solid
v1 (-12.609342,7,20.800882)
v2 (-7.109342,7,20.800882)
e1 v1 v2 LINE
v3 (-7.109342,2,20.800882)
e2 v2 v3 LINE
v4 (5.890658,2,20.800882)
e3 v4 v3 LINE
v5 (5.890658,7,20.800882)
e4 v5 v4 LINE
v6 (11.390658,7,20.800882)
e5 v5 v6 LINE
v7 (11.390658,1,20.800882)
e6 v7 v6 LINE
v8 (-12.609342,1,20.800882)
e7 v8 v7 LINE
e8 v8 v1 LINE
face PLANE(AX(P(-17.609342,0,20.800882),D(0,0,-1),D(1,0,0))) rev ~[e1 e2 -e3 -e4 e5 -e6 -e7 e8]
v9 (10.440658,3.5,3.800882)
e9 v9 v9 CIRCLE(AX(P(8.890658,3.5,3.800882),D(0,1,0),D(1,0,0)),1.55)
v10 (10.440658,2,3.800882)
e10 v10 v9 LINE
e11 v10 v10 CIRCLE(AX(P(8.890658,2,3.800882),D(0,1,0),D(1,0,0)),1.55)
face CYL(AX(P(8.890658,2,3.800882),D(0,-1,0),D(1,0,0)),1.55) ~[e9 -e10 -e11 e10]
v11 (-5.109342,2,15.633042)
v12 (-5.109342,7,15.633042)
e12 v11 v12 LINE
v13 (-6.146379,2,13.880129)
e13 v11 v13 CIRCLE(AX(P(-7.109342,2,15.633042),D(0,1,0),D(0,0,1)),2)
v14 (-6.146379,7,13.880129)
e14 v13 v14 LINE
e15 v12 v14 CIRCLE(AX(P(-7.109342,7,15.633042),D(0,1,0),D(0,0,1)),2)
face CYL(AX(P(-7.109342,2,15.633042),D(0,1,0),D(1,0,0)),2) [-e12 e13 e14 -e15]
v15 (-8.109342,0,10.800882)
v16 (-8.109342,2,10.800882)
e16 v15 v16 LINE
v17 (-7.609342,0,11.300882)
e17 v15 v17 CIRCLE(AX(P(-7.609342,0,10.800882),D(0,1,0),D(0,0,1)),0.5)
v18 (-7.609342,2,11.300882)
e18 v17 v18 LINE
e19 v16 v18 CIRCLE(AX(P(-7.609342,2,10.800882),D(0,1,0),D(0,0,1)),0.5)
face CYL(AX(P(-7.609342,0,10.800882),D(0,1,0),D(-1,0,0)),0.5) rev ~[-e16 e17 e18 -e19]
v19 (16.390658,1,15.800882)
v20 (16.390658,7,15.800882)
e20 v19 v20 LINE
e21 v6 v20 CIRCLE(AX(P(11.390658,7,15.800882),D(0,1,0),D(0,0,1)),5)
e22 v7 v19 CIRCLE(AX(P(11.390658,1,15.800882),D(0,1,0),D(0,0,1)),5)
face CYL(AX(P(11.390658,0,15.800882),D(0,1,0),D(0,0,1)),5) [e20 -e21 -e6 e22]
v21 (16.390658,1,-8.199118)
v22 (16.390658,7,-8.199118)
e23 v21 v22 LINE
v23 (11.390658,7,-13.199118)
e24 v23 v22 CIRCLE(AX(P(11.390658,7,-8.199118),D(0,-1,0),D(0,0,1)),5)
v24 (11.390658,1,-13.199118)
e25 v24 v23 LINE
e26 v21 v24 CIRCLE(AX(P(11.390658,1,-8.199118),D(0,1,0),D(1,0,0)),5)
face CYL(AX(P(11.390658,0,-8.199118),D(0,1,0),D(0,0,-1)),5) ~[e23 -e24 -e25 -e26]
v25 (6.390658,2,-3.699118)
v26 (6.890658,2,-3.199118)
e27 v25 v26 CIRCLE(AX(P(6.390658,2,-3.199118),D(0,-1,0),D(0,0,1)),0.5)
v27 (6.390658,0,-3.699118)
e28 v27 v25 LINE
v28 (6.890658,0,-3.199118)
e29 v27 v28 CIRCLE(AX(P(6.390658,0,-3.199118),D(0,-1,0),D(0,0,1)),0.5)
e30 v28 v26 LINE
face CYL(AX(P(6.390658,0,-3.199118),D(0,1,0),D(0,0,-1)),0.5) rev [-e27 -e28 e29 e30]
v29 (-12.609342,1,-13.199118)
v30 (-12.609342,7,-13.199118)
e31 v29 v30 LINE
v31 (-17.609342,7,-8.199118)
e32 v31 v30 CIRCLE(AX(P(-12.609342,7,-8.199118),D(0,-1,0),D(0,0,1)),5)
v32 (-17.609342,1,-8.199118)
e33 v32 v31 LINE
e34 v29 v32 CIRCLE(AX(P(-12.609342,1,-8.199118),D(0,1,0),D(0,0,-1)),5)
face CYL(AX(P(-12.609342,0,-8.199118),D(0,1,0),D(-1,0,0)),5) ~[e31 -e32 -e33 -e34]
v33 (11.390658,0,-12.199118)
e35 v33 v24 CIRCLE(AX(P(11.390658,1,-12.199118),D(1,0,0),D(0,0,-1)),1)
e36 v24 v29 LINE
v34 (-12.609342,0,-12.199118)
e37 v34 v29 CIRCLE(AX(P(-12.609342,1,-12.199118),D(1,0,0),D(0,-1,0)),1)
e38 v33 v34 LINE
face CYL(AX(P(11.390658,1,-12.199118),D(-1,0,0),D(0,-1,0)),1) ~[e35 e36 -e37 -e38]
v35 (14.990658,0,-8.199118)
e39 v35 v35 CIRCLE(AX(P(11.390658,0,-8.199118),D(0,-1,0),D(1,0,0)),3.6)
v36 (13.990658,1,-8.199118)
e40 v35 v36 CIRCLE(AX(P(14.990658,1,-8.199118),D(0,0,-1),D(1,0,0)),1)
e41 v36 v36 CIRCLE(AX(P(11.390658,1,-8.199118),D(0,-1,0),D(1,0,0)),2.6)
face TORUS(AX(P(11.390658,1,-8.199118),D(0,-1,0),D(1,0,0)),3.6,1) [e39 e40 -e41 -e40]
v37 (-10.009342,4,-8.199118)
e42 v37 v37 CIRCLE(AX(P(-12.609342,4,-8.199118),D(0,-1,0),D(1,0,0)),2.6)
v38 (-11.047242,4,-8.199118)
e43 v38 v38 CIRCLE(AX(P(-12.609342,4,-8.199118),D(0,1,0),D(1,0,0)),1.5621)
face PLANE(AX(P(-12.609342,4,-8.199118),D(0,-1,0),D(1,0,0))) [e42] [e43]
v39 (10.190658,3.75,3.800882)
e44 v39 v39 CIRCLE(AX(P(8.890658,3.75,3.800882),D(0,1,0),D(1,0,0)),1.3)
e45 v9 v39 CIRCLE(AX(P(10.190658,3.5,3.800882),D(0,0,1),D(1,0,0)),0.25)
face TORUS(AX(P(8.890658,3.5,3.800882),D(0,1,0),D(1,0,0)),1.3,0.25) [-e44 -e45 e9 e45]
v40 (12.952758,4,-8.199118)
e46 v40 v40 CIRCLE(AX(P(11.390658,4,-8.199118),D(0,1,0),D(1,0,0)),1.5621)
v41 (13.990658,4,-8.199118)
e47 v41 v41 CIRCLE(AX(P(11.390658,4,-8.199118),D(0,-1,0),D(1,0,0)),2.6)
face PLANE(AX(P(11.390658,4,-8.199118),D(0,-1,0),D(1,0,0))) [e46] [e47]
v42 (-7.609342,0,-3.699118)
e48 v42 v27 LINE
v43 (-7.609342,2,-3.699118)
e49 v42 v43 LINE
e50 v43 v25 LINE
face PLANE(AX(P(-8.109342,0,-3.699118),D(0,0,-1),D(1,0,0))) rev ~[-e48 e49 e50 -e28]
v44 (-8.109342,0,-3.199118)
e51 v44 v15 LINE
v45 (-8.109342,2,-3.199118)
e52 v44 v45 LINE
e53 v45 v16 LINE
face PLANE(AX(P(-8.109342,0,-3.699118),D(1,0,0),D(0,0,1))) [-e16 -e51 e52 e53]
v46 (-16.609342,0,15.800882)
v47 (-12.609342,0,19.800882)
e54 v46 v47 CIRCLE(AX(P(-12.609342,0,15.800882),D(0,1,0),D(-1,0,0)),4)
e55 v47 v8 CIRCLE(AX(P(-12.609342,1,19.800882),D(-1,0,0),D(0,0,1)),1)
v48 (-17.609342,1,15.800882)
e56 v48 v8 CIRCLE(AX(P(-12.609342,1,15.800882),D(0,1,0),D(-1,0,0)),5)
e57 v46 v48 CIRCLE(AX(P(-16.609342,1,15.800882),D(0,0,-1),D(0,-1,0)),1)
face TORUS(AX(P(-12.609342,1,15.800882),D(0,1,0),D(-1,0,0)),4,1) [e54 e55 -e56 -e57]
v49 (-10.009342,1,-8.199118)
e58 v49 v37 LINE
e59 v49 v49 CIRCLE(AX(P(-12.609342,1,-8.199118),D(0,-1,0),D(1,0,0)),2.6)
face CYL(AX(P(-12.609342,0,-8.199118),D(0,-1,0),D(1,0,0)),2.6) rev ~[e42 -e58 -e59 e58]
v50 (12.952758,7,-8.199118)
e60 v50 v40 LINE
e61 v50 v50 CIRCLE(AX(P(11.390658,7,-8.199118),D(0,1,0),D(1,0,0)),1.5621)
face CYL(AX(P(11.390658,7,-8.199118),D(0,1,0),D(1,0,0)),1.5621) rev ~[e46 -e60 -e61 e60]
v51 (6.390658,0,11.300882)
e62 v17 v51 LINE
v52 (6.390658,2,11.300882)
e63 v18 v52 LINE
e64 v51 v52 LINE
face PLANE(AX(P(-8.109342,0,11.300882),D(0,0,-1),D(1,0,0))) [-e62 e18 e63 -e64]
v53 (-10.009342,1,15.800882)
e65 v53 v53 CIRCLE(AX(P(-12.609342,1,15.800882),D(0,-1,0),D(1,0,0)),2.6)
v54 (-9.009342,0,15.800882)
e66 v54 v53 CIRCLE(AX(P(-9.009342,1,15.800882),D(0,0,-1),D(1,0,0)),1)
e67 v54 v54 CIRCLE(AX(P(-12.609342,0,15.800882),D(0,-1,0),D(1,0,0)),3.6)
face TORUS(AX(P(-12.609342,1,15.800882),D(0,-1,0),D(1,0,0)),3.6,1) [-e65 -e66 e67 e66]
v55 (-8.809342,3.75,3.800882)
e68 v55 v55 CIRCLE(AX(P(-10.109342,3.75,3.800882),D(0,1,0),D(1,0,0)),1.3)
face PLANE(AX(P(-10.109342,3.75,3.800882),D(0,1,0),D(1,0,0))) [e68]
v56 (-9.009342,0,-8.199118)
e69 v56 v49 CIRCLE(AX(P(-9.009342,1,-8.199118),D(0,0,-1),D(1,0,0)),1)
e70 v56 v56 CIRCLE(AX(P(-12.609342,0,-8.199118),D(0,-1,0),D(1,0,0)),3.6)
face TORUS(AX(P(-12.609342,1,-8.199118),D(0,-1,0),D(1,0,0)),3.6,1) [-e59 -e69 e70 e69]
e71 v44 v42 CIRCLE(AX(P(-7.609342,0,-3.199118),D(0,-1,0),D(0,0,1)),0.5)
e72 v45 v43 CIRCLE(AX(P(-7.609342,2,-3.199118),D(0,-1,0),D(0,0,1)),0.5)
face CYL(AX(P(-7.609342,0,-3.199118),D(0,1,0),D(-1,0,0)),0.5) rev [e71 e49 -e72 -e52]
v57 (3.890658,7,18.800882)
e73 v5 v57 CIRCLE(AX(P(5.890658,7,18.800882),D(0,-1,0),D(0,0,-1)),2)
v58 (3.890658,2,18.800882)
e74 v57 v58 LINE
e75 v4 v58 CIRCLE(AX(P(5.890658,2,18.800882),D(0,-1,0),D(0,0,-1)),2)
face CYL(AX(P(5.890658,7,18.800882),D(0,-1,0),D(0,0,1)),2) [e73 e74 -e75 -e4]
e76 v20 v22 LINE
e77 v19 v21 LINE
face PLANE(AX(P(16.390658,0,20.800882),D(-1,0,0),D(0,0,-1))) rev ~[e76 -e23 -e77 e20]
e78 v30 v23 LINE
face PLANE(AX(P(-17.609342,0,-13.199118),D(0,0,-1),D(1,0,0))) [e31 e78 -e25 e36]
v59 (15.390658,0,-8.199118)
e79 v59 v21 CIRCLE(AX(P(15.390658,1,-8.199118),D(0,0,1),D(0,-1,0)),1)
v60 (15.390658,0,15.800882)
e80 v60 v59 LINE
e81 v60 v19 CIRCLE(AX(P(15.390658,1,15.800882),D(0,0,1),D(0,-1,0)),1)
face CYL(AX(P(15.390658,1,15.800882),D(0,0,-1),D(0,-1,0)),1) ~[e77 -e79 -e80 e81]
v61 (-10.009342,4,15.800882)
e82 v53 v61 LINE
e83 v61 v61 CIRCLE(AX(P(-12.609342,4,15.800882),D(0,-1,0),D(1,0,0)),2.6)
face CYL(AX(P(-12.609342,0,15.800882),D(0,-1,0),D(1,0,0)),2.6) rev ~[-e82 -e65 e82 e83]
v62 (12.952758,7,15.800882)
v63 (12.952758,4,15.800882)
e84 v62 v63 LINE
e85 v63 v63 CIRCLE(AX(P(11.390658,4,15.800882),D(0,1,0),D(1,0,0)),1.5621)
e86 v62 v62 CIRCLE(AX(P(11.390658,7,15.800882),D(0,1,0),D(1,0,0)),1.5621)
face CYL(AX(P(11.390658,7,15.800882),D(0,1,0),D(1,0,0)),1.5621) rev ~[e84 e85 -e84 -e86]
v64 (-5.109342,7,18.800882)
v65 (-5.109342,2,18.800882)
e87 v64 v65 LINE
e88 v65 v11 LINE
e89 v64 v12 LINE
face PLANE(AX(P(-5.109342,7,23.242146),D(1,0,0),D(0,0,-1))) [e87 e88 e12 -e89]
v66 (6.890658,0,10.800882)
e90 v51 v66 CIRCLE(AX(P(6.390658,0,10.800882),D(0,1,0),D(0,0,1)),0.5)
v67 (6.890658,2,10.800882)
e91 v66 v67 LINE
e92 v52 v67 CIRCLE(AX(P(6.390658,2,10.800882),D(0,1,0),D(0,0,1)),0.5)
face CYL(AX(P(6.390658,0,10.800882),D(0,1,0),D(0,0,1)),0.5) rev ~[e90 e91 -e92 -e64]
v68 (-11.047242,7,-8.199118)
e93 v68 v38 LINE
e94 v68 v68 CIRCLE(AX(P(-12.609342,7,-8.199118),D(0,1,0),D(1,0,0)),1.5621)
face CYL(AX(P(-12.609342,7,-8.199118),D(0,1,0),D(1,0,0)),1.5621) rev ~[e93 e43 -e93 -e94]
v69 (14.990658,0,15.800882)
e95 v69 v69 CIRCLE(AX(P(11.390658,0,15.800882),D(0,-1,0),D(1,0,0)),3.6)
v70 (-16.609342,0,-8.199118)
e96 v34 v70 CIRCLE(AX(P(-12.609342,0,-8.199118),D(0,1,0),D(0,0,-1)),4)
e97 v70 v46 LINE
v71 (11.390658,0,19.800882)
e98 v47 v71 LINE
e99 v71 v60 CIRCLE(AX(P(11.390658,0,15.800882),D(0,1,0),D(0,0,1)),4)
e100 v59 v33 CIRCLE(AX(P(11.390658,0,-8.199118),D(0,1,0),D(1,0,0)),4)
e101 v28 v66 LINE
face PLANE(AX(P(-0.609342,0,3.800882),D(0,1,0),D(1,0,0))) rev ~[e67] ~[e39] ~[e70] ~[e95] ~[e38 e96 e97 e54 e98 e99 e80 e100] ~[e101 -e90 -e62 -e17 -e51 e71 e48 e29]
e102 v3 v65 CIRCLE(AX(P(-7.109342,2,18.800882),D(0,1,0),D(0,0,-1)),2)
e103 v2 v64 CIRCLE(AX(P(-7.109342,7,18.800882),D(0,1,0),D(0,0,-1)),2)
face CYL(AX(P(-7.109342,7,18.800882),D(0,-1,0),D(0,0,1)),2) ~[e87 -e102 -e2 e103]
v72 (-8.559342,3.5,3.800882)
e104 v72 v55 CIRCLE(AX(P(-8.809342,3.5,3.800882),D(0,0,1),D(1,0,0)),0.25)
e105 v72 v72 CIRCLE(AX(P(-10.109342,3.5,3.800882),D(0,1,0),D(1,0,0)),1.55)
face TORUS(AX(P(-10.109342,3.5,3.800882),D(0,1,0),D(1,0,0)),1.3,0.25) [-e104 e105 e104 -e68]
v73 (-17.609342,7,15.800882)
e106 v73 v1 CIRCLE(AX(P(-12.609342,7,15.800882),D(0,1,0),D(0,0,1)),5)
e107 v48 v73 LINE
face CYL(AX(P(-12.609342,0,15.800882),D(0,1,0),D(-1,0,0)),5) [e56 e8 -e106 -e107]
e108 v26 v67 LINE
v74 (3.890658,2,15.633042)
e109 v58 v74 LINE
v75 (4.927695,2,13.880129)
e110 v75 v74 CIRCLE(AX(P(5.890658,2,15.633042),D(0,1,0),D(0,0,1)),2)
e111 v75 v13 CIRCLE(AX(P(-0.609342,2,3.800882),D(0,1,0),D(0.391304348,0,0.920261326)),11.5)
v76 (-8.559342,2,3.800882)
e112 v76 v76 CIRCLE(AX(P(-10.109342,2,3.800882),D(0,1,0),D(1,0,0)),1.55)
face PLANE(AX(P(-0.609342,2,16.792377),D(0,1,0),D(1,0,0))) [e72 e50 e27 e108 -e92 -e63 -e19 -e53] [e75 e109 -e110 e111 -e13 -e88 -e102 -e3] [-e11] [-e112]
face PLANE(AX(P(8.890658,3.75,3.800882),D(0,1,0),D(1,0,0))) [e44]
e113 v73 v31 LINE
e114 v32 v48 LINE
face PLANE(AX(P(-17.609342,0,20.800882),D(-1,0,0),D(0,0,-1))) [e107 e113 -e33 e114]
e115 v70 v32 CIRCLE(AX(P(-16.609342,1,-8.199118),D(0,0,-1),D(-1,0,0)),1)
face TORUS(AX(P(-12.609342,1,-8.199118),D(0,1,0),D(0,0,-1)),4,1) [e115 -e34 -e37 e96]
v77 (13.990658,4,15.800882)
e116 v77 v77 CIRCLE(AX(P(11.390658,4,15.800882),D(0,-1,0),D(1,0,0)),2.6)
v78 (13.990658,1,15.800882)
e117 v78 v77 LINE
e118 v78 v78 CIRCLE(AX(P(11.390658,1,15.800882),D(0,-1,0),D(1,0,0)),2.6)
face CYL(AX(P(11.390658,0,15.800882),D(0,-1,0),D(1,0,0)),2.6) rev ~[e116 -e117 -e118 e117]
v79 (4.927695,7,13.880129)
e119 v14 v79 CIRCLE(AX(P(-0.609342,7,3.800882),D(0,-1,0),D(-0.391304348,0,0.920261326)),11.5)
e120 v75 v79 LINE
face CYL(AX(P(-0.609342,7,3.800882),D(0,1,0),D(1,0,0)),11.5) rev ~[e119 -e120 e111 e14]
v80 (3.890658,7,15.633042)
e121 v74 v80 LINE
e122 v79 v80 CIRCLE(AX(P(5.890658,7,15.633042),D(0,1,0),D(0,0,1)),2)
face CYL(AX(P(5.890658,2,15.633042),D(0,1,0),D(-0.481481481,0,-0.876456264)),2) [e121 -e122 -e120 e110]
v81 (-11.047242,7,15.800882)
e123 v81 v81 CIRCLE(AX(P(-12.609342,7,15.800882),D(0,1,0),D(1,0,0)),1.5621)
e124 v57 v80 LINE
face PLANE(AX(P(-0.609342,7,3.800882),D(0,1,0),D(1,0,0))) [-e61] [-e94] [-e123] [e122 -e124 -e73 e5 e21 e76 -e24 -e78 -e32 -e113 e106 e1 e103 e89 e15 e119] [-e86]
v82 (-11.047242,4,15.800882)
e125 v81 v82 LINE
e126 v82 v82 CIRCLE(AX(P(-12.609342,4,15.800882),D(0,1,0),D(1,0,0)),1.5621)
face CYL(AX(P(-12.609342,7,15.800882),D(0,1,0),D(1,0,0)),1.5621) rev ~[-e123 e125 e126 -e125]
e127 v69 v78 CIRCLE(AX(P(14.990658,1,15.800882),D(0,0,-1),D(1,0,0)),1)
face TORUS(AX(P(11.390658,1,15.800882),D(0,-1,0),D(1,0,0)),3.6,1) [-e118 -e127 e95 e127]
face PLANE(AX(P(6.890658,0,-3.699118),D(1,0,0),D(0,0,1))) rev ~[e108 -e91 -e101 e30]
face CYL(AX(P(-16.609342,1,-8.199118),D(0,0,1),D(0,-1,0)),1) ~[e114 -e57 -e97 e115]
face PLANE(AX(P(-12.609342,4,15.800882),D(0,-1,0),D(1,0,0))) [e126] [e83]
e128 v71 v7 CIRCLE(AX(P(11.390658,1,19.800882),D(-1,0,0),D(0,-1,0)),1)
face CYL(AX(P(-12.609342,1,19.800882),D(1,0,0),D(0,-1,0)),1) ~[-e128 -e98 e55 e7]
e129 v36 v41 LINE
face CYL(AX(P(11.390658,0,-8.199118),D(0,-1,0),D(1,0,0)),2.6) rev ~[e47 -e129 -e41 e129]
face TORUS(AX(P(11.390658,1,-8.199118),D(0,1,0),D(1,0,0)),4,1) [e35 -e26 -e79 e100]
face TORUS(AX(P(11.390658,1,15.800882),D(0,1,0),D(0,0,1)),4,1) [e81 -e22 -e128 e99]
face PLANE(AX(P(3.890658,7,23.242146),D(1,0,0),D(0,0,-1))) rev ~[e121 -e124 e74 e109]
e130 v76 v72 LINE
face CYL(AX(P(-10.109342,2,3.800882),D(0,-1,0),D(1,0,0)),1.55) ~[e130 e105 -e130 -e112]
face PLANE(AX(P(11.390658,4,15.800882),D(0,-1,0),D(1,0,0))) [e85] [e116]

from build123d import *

# Parameters (mm, degrees)
SKETCH1_W           = 34
SKETCH1_H           = 34
BOSS_EXTRUDE1_DEPTH = 7
SKETCH2_R           = 11.5
CUT_EXTRUDE1_DEPTH  = 5
SKETCH3_R           = 1.5621
CUT_EXTRUDE2_DEPTH  = 8
SKETCH4_W           = 9
SKETCH4_H           = 12.899537492
CUT_EXTRUDE3_DEPTH  = 5
SKETCH5_R           = 2.6
CUT_EXTRUDE4_DEPTH  = 4
FILLET1_R           = 5
FILLET2_R           = 1
FILLET3_R           = 2
SKETCH6_W           = 15
SKETCH6_H           = 15
CUT_EXTRUDE5_DEPTH  = 2
SKETCH7_R           = 1.55
BOSS_EXTRUDE3_DEPTH = 1.75
FILLET5_R           = 0.25
FILLET6_R           = 0.5


with BuildPart() as part:
    # Sketch1 → Boss-Extrude1 (new body)
    with BuildSketch(Plane(origin=(0, 0, 0), x_dir=(1, 0, 0), z_dir=(0, 1, 0))):
        with Locations((-0.609342113, -3.800882142)):
            Rectangle(SKETCH1_W, SKETCH1_H)
    extrude(amount=BOSS_EXTRUDE1_DEPTH)

    # Sketch2 → Cut-Extrude1 (cut)
    with BuildSketch(Plane(origin=(0, 7, 0), x_dir=(1, 0, 0), z_dir=(0, 1, 0))):
        with Locations((-0.609342113, -3.800882142)):
            Circle(SKETCH2_R)
    extrude(amount=-CUT_EXTRUDE1_DEPTH, mode=Mode.SUBTRACT)

    # Sketch3 → Cut-Extrude2 (cut, through all)
    with BuildSketch(Plane(origin=(0, 7, 0), x_dir=(1, 0, 0), z_dir=(0, 1, 0))):
        with Locations((-12.609342113, 8.199117858)):
            Circle(SKETCH3_R)
        with Locations((-12.609342113, -15.800882142)):
            Circle(SKETCH3_R)
        with Locations((11.390657887, -15.800882142)):
            Circle(SKETCH3_R)
        with Locations((11.390657887, 8.199117858)):
            Circle(SKETCH3_R)
    extrude(amount=-CUT_EXTRUDE2_DEPTH, mode=Mode.SUBTRACT)

    # Sketch4 → Cut-Extrude3 (cut)
    with BuildSketch(Plane(origin=(0, 7, 0), x_dir=(1, 0, 0), z_dir=(0, 1, 0))):
        with Locations((-0.609342113, -16.792376967)):
            Rectangle(SKETCH4_W, SKETCH4_H)
    extrude(amount=-CUT_EXTRUDE3_DEPTH, mode=Mode.SUBTRACT)

    # Sketch5 → Cut-Extrude4 (cut)
    with BuildSketch(Plane.XZ):
        with Locations((-12.609342113, 15.800882142)):
            Circle(SKETCH5_R)
        with Locations((11.390657887, 15.800882142)):
            Circle(SKETCH5_R)
        with Locations((-12.609342113, -8.199117858)):
            Circle(SKETCH5_R)
        with Locations((11.390657887, -8.199117858)):
            Circle(SKETCH5_R)
    extrude(amount=-CUT_EXTRUDE4_DEPTH, mode=Mode.SUBTRACT)

    # Fillet1
    fillet1_edges = [part.edges().sort_by_distance(p)[0] for p in [
        (-17.609342113, 3.5, -13.199117858),
        (16.390657887, 3.5, -13.199117858),
        (16.390657887, 3.5, 20.800882142),
        (-17.609342113, 3.5, 20.800882142),
    ]]
    fillet(fillet1_edges, radius=FILLET1_R)

    # Fillet2
    fillet2_edges = [part.edges().sort_by_distance(p)[0] for p in [
        (-15.209342113, 0, 15.800882142),
        (8.790657887, 0, 15.800882142),
        (-15.209342113, 0, -8.199117858),
        (8.790657887, 0, -8.199117858),
        (16.390657887, 0, 3.800882142),
        (-17.609342113, 0, 3.800882142),
        (-0.609342113, 0, -13.199117858),
        (-0.609342113, 0, 20.800882142),
        (-16.144876019, 0, 19.336416048),
        (-16.144876019, 0, -11.734651764),
        (14.926191793, 0, -11.734651764),
        (14.926191793, 0, 19.336416048),
    ]]
    fillet(fillet2_edges, radius=FILLET2_R)

    # Fillet3
    fillet3_edges = [part.edges().sort_by_distance(p)[0] for p in [
        (-5.109342113, 4.5, 20.800882142),
        (-5.109342113, 4.5, 14.383887386),
        (3.890657887, 4.5, 20.800882142),
        (3.890657887, 4.5, 14.383887386),
    ]]
    fillet(fillet3_edges, radius=FILLET3_R)

    # Sketch6 → Cut-Extrude5 (cut)
    with BuildSketch(Plane.XZ):
        with Locations((-0.609342113, 3.800882142)):
            Rectangle(SKETCH6_W, SKETCH6_H)
    extrude(amount=-CUT_EXTRUDE5_DEPTH, mode=Mode.SUBTRACT)

    # Sketch7 → Boss-Extrude3 (add)
    with BuildSketch(Plane(origin=(0, 2, 0), x_dir=(1, 0, 0), z_dir=(0, 1, 0))):
        with Locations((8.890657887, -3.800882142)):
            Circle(SKETCH7_R)
        with Locations((-10.109342113, -3.800882142)):
            Circle(SKETCH7_R)
    extrude(amount=BOSS_EXTRUDE3_DEPTH)

    # Fillet5
    fillet5_edges = [part.edges().sort_by_distance(p)[0] for p in [
        (7.340657887, 3.75, 3.800882142),
        (-11.659342113, 3.75, 3.800882142),
    ]]
    fillet(fillet5_edges, radius=FILLET5_R)

    # Fillet6
    fillet6_edges = [part.edges().sort_by_distance(p)[0] for p in [
        (-8.109342113, 1, -3.699117858),
        (-8.109342113, 1, 11.300882142),
        (6.890657887, 1, 11.300882142),
        (6.890657887, 1, -3.699117858),
    ]]
    fillet(fillet6_edges, radius=FILLET6_R)


solid = part.part
